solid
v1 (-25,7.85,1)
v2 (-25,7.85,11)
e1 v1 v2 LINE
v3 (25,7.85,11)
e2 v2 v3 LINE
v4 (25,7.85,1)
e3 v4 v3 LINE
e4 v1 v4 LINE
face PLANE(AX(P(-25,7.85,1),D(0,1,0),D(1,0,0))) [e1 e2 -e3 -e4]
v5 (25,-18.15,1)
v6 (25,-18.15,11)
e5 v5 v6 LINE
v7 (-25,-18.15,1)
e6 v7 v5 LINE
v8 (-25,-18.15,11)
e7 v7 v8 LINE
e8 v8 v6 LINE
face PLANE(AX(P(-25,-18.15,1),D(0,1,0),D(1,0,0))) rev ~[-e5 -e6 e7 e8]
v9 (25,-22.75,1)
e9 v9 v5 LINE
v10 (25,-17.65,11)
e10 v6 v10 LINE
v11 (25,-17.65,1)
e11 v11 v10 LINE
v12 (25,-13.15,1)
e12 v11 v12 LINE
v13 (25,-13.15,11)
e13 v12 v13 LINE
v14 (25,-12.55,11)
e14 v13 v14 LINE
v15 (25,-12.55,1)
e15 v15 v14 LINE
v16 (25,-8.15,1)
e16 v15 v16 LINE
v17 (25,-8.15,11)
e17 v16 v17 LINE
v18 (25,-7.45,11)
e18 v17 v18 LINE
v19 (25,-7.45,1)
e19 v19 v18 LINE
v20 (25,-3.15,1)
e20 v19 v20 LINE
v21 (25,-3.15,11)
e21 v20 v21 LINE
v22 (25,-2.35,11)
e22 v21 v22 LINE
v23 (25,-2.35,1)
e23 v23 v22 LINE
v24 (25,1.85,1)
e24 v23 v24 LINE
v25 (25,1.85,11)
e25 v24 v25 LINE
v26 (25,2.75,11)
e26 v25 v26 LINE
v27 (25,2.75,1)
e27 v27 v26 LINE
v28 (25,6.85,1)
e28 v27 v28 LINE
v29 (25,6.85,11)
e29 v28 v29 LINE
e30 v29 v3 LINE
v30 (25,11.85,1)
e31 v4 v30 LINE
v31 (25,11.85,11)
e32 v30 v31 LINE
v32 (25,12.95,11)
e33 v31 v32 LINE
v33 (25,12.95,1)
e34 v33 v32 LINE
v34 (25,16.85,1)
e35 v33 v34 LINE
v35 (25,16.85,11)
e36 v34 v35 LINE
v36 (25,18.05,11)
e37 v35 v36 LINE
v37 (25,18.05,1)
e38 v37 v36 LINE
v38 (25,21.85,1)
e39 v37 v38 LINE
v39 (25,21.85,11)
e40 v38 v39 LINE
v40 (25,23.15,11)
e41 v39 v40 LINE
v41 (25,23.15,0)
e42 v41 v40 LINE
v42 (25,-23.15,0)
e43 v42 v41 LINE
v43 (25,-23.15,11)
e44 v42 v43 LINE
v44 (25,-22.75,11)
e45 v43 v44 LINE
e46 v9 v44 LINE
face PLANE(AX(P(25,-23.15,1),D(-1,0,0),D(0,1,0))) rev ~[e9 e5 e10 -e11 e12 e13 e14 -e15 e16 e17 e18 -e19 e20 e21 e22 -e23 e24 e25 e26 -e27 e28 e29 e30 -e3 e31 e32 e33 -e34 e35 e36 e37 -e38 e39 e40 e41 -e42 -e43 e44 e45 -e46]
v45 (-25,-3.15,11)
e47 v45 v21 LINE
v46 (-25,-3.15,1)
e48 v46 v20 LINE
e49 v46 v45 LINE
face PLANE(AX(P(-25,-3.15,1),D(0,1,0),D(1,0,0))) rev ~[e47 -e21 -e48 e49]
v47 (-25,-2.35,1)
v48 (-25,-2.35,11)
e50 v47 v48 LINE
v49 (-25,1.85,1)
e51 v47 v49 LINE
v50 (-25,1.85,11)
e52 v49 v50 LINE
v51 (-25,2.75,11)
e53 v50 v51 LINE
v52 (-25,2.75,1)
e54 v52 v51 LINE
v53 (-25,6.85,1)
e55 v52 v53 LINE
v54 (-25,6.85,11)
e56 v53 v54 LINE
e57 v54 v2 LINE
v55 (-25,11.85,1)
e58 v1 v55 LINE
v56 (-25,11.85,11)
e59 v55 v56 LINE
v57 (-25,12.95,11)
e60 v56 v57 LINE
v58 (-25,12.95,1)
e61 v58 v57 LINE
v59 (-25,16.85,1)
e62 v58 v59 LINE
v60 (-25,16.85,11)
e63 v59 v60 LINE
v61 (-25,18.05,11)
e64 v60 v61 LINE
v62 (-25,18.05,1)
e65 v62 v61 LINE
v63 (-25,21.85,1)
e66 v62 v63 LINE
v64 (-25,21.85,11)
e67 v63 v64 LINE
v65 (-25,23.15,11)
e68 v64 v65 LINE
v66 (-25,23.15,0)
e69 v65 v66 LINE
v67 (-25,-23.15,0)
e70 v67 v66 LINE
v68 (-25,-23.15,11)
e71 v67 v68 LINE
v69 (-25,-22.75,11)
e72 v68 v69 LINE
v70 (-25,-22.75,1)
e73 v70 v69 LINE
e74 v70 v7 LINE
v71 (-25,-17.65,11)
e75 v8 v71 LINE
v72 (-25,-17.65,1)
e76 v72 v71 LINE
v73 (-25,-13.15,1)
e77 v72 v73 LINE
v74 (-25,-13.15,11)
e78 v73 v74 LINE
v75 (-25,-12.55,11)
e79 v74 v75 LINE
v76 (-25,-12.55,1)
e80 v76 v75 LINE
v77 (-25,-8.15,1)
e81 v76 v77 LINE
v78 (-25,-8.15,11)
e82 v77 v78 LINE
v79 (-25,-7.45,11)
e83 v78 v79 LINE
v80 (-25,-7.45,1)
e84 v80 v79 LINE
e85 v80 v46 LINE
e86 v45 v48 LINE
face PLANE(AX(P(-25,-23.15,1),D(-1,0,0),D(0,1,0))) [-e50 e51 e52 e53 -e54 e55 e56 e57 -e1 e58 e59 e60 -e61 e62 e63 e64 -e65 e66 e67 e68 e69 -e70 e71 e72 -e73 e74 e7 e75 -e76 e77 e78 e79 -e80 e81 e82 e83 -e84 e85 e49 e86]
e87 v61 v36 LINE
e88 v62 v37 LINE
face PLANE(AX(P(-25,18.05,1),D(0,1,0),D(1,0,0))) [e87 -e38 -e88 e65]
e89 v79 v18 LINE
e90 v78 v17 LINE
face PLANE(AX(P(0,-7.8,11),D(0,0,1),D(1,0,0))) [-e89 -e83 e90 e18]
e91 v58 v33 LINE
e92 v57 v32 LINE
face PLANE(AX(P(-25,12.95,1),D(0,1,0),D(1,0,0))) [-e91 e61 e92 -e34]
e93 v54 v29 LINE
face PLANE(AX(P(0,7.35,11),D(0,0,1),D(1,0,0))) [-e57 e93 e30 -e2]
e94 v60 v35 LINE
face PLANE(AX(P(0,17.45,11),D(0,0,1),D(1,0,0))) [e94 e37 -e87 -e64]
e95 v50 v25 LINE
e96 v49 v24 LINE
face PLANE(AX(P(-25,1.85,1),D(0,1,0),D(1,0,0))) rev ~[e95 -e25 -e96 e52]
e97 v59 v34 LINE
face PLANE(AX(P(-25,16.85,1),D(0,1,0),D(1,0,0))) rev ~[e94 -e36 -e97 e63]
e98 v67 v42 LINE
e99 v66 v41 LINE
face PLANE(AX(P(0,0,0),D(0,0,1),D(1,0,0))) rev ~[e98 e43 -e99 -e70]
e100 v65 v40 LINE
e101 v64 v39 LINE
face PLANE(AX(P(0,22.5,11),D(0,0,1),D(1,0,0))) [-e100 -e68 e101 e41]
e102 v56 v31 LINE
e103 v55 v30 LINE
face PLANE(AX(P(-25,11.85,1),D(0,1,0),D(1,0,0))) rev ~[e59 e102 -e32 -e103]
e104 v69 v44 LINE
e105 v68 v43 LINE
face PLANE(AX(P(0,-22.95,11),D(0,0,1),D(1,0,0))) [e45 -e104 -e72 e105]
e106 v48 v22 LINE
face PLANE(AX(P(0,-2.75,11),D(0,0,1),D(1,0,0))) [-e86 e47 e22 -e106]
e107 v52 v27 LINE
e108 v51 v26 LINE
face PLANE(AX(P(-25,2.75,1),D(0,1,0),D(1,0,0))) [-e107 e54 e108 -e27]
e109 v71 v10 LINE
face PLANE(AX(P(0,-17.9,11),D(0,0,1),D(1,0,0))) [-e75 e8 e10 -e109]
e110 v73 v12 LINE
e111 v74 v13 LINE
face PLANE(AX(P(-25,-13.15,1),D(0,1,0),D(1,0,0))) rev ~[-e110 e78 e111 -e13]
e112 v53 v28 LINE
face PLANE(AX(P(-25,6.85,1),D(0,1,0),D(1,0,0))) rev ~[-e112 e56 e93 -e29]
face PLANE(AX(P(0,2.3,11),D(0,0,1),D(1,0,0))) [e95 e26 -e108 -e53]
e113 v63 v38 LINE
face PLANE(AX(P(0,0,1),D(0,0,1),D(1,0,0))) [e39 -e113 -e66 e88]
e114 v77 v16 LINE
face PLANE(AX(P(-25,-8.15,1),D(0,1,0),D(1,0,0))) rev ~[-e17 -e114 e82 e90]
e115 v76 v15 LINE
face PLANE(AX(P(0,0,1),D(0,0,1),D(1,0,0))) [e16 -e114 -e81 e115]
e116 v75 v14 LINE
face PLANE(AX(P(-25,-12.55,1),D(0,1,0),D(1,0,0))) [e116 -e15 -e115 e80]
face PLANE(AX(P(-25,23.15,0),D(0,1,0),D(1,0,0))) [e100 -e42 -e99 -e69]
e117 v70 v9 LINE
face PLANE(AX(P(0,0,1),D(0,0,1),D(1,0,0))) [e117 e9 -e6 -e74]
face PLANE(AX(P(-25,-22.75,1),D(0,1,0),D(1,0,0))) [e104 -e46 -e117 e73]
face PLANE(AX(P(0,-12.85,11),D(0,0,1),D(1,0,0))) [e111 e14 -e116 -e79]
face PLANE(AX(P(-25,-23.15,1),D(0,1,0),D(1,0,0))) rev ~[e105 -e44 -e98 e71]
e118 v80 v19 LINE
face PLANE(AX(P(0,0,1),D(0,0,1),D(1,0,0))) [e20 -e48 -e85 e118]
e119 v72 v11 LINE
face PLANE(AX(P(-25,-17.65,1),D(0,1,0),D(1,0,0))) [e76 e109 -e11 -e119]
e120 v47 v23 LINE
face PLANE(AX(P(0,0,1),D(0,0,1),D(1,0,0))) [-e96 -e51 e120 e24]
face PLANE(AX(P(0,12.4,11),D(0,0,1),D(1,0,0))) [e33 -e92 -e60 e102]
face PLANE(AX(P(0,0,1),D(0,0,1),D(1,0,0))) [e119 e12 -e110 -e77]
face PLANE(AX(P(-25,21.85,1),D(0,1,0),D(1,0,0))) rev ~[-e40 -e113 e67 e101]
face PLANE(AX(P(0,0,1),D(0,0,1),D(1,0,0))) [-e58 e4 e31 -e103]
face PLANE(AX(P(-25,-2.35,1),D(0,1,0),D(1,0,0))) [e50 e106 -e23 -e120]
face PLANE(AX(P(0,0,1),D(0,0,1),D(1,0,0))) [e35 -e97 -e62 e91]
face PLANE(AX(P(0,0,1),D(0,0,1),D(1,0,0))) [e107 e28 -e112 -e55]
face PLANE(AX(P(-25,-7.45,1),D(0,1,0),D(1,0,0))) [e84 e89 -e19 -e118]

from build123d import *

# Parameters (mm, degrees)
F0_W     = 50
F0_H     = 46.3
F1_DEPTH = 1
F2_W     = 50
F2_H     = 0.4
F2_H_2   = 0.5
F2_H_3   = 0.6
F2_H_4   = 0.7
F2_H_5   = 0.8
F2_H_6   = 0.9
F2_H_7   = 1
F2_H_8   = 1.1
F2_H_9   = 1.2
F2_H_10  = 1.3
F3_DEPTH = 10


with BuildPart() as f1:
    # F0 (on Top) → F1 (new body)
    with BuildSketch(Plane.XY):
        Rectangle(F0_W, F0_H)
    extrude(amount=F1_DEPTH)

    # F2 (on face) → F3 (join)
    with BuildSketch(Plane.XY.offset(1)):
        with Locations((0, -22.95)):
            Rectangle(F2_W, F2_H)
        with Locations((0, -17.9)):
            Rectangle(F2_W, F2_H_2)
        with Locations((0, -12.85)):
            Rectangle(F2_W, F2_H_3)
        with Locations((0, -7.8)):
            Rectangle(F2_W, F2_H_4)
        with Locations((0, -2.75)):
            Rectangle(F2_W, F2_H_5)
        with Locations((0, 2.3)):
            Rectangle(F2_W, F2_H_6)
        with Locations((0, 7.35)):
            Rectangle(F2_W, F2_H_7)
        with Locations((0, 12.4)):
            Rectangle(F2_W, F2_H_8)
        with Locations((0, 17.45)):
            Rectangle(F2_W, F2_H_9)
        with Locations((0, 22.5)):
            Rectangle(F2_W, F2_H_10)
    extrude(amount=F3_DEPTH)


solid = f1.part
